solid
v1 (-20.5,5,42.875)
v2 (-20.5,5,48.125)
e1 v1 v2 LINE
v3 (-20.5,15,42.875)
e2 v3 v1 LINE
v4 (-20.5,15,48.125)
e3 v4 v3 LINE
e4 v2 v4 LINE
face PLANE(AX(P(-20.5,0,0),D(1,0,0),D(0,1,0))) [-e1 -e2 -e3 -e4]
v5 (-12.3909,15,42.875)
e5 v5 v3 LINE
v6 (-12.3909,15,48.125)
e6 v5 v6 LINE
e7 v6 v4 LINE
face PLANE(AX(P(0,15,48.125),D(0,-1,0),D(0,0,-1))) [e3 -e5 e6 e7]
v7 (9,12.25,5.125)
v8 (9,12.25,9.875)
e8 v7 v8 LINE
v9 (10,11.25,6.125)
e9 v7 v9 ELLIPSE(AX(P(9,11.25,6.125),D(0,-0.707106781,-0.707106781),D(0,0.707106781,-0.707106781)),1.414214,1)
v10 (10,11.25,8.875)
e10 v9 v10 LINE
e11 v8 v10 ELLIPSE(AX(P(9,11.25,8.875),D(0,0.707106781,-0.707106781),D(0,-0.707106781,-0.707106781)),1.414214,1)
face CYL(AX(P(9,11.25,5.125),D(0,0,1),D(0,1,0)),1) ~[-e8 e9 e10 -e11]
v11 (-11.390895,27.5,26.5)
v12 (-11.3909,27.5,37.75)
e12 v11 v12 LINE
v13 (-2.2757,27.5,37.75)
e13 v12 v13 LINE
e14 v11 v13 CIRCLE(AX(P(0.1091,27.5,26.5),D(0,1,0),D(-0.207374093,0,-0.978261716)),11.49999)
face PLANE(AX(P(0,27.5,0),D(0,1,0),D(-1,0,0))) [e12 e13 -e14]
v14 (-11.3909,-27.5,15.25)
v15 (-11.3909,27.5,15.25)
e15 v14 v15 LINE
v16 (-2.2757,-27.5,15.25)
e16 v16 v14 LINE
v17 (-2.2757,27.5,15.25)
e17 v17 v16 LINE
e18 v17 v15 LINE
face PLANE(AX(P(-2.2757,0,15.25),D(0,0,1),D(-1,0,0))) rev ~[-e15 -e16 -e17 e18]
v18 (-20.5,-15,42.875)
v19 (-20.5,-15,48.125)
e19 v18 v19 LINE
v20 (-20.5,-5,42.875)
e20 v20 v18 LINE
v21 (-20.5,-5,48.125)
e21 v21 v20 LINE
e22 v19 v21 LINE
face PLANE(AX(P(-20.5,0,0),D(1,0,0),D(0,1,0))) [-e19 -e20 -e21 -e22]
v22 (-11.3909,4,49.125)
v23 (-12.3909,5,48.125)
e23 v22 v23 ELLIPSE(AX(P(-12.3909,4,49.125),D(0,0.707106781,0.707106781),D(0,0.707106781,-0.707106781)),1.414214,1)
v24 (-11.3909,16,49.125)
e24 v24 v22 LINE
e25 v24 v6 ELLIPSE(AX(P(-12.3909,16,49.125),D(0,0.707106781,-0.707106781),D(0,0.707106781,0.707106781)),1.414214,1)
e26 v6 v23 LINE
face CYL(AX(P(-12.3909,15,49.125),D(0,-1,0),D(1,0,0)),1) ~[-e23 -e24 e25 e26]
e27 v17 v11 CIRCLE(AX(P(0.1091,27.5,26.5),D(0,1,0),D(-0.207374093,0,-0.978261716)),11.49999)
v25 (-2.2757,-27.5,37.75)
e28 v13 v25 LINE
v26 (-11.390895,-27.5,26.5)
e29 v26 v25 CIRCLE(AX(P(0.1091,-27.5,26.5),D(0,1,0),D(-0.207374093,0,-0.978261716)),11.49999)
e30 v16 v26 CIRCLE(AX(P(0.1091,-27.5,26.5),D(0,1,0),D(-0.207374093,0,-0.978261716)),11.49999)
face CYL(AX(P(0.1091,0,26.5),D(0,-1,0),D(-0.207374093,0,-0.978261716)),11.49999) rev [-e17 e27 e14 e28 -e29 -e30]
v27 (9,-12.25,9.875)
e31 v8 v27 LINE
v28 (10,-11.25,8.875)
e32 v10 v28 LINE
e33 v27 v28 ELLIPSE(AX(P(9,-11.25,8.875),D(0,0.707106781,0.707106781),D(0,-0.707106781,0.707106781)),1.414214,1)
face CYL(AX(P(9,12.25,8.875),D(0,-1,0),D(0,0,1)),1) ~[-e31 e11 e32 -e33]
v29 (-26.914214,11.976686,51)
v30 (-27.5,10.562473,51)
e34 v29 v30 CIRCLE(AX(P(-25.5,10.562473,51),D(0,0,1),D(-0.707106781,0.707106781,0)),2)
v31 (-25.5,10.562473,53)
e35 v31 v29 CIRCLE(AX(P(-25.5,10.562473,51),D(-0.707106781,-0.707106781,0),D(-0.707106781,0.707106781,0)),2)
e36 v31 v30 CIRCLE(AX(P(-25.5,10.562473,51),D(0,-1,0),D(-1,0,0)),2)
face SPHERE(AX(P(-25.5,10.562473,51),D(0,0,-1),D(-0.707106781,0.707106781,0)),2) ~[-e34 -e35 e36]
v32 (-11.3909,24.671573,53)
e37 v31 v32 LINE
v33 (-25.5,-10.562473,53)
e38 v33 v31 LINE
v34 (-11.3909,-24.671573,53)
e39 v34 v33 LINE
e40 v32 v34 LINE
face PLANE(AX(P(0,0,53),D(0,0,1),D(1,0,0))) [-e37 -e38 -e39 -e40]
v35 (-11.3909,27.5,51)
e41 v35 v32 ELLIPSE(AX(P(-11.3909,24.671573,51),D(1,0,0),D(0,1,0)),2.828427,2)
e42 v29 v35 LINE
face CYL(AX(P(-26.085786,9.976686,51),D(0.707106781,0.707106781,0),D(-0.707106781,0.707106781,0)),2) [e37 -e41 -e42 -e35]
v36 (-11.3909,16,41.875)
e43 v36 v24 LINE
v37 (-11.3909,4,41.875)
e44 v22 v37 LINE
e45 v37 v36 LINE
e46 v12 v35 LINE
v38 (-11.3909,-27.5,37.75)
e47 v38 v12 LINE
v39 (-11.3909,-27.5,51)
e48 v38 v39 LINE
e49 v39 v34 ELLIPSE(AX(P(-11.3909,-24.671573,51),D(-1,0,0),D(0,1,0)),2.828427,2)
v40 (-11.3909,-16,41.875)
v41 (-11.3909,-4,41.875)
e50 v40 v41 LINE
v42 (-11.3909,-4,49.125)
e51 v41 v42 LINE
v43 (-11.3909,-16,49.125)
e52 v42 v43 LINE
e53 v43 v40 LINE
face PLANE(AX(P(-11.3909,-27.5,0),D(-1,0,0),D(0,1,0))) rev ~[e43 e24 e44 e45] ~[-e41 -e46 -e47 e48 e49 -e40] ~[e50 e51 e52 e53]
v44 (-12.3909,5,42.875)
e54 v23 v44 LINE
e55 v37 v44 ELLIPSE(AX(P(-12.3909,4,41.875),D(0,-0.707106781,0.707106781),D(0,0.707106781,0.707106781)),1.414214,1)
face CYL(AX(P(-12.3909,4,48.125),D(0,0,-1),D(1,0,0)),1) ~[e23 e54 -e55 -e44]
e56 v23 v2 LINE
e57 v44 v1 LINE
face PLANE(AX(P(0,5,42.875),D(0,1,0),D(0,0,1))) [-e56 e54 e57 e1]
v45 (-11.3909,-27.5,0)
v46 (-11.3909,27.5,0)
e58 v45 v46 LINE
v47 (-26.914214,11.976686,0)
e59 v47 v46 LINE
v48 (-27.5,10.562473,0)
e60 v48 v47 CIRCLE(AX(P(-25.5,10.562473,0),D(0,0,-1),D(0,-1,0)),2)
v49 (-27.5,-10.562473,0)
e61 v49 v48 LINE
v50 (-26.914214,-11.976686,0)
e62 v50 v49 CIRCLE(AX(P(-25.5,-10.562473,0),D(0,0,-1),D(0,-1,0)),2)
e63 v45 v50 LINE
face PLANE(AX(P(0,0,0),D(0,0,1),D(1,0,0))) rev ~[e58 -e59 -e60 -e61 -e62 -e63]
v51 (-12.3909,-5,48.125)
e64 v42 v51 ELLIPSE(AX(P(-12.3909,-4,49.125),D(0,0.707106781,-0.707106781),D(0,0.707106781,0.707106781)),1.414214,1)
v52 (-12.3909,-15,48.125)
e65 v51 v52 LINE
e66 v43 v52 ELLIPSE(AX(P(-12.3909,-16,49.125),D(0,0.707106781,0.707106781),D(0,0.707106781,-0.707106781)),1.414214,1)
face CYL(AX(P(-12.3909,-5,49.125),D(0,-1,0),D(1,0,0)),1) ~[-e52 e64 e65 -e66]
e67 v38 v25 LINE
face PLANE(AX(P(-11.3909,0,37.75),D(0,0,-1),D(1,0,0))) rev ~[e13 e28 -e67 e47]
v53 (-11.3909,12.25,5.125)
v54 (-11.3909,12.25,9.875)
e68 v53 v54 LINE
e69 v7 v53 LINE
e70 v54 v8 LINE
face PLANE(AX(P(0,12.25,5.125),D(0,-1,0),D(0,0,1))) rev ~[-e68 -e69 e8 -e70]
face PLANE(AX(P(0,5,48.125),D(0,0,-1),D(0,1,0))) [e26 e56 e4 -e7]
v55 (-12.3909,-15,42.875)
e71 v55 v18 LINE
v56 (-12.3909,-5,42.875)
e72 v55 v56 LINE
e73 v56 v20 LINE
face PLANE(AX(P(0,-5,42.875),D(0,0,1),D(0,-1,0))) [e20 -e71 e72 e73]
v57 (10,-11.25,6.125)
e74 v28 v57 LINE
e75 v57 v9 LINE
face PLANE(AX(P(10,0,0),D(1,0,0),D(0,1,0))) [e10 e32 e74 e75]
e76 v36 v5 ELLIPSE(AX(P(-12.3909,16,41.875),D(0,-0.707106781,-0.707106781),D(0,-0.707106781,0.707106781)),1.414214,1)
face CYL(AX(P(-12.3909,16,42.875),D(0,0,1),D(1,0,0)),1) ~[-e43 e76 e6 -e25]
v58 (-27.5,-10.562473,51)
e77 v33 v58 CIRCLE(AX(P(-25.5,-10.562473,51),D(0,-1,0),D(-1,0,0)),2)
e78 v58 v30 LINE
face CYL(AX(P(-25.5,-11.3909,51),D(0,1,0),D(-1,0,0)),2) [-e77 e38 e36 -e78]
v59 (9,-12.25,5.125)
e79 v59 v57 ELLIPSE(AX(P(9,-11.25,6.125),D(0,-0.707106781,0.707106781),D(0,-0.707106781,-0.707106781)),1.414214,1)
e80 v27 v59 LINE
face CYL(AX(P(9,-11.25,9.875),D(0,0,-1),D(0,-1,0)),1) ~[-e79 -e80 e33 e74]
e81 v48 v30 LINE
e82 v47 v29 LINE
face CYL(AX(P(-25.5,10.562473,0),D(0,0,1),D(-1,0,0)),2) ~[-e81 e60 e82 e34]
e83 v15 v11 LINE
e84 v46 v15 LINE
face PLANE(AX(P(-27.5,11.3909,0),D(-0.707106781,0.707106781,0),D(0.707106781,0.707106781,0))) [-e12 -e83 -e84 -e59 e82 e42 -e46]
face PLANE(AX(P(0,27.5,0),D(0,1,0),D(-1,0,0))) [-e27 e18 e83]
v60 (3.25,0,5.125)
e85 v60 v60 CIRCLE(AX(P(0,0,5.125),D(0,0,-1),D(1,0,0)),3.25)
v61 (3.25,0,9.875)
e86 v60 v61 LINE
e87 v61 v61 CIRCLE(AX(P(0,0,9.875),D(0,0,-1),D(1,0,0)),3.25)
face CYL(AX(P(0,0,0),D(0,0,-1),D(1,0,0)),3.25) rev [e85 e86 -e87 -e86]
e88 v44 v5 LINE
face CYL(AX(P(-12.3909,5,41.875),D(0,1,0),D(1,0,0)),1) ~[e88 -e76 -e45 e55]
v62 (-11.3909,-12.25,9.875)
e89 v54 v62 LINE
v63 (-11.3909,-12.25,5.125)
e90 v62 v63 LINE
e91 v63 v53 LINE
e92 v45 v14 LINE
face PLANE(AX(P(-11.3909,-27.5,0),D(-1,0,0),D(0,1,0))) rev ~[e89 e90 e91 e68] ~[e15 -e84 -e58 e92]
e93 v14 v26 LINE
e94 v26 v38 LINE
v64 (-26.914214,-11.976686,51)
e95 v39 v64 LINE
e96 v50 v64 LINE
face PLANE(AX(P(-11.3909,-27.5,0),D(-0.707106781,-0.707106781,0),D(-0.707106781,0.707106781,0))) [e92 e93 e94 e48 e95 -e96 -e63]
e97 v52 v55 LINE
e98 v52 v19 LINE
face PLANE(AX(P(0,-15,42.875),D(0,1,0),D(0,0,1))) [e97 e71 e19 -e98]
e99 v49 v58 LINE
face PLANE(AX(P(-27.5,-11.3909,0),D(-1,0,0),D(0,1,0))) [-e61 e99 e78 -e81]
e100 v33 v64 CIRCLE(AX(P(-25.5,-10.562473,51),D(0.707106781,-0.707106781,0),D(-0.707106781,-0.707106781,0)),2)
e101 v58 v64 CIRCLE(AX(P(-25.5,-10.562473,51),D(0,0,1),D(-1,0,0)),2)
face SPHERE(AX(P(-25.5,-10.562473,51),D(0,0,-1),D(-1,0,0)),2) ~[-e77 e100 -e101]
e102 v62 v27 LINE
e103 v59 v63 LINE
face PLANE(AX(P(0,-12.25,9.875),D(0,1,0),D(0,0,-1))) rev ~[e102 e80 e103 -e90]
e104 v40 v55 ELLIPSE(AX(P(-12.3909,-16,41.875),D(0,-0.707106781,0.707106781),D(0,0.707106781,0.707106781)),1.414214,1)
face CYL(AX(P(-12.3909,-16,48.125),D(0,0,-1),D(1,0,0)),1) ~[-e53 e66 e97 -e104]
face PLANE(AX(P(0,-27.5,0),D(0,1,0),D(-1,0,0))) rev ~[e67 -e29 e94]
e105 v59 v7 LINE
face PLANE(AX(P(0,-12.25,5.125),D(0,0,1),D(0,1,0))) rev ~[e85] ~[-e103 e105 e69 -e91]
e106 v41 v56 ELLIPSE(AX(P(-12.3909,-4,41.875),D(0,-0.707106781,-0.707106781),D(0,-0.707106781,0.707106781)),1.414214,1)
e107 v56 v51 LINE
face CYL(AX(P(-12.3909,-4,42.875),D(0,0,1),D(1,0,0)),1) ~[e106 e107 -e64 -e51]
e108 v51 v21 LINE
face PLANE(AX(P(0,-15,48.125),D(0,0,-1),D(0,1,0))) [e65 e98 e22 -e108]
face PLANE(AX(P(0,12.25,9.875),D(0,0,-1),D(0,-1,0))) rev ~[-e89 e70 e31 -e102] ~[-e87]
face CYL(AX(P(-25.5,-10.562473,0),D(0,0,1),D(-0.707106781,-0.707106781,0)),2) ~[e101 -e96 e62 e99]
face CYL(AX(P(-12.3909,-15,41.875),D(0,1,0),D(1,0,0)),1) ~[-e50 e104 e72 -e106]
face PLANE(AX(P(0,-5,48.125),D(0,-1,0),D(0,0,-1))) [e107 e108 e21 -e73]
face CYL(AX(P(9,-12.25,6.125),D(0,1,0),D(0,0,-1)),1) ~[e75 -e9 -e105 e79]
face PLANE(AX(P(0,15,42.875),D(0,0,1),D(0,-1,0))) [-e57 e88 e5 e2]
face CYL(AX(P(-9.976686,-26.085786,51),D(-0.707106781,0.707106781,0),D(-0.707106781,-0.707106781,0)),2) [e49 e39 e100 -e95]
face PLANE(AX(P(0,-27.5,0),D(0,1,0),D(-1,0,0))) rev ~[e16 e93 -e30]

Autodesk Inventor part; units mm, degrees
sketch "Skizze1" plane through (0, 0, 0) normal (0, 0, 1) x (1, 0, 0)
  circle A0 centre (0, 0) radius 21
  line L0 (-16.8526, 12.5296) -> (0, 0)
  line L1 (0, 0) -> (-8.33, 19.2772)
  line L2 (0, 0) -> (8.0192, 19.4086)
  line L3 (0, 0) -> (18.1865, 10.5)
  line L4 (0, 0) -> (21, 0) construction
  line L5 (0, 0) -> (-13.5496, -16.044)
  line L6 (0, 0) -> (13.0769, -16.4315)
  circle A1 centre (0, 0) radius 27.5
  circle A2 centre (0, 0) radius 12.5
  line L7 (-27.5, 11.3909) -> (-11.3909, 27.5)
  line L8 (-11.3909, 27.5) -> (11.3909, 27.5)
  line L9 (11.3909, 27.5) -> (27.5, 11.3909)
  line L10 (27.5, 11.3909) -> (27.5, -11.3909)
  line L11 (27.5, -11.3909) -> (11.3909, -27.5)
  line L12 (11.3909, -27.5) -> (-11.3909, -27.5)
  line L13 (-11.3909, -27.5) -> (-27.5, -11.3909)
  line L14 (-27.5, -11.3909) -> (-27.5, 11.3909)
  circle A3 centre (0, 0) radius 3.25
  point P0 (0, 0)
  point P1 (-27.5, 0)
  dimension "d3" = 55
  dimension "d0" = 42
  dimension "d1" = 30
  dimension "d2" = 30
  dimension "d4" = 25
  dimension "d27" = 0
  dimension "d28" = 0
  dimension "d105" = 6.5
extrude "Extrusion21" add sketch "Skizze1" along normal blind 53 contours A0 L6 A2 L3 | L3 A2 L2 A0 | A0 L5 A2 L6 | L2 A2 L1 A0 | A2 L6 A3 L3 | L3 A3 L2 A2 | A0 L0 A2 L5 | A2 L5 A3 L6 | L1 A2 L0 A0 | L2 A3 L1 A2 | A3 L6 L3 | L3 L2 A3 | A2 L0 A3 L5 | A3 L5 L6 | L1 A3 L0 A2 | L2 L1 A3 | L5 A3 L0 | L0 A3 L1 | A1 | L10 L11 A1 | A1 L9 L10 | A1 L8 L9 | L11 L12 A1 | A1 L7 L8 | L12 L13 A1 | A1 L14 L7 | L13 L14 A1
sketch "Skizze18" plane through (0, 0, 0) normal (0, 0, 1) x (1, 0, 0)
  line L0 (-11.3909, 27.5) -> (11.3909, 27.5) projected
  line L1 (-11.3909, 27.5) -> (63.1653, 27.5)
  line L2 (63.1653, 27.5) -> (63.1653, -27.5)
  line L3 (63.1653, -27.5) -> (-11.3909, -27.5)
  line L4 (-11.3909, -27.5) -> (-11.3909, 27.5)
  point P0 (0, 0)
  dimension "d154" = 55
extrude "Extrusion22" cut sketch "Skizze18" along normal through all
sketch "Skizze19" plane through (0, 0, 0) normal (1, 0, 0) x (0, 1, 0)
  line L0 (12.25, 9.875) -> (-12.25, 9.875)
  line L1 (-12.25, 9.875) -> (-12.25, 5.125)
  line L2 (-12.25, 5.125) -> (12.25, 5.125)
  line L3 (12.25, 5.125) -> (12.25, 9.875)
  line L4 (27.5, 0) -> (-27.5, 0) projected
  line L5 (-27.5, 0) -> (-27.5, 53) projected
  point P0 (0, 0)
  dimension "d157" = 24.5
  dimension "d158" = 4.75
  dimension "d159" = 5.125
  dimension "d160" = 39.75
sketch "Skizze20" plane through (0, 0, 0) normal (1, 0, 0) x (0, 1, 0)
  line L0 (-15, 48.125) -> (15, 48.125)
  line L1 (15, 48.125) -> (15, 42.875)
  line L2 (15, 42.875) -> (-15, 42.875)
  line L3 (-15, 42.875) -> (-15, 48.125)
  line L4 (5, 48.125) -> (-5, 48.125)
  line L5 (-5, 48.125) -> (-5, 42.875)
  line L6 (-5, 42.875) -> (5, 42.875)
  line L7 (5, 42.875) -> (5, 48.125)
  line L8 (-27.5, 53) -> (27.5, 53) projected
  point P0 (0, 0)
  dimension "d165" = 30
  dimension "d166" = 5.25
  dimension "d168" = 10
  dimension "d169" = 5.25
  dimension "d170" = 10
  dimension "d171" = 5
  dimension "d172" = 4.875
extrude "Extrusion23" cut sketch "Skizze20" against normal blind 20.5 contours L0 L5 L2 L3 | L0 L1 L2 L7
extrude "Extrusion25" add sketch "Skizze19" along normal blind 10 and the other way blind 25
fillet "Rundung11" radius 2 5 edges at (-19.4454, 19.4454, 53) (-27.5, 0, 53) (-19.4454, -19.4454, 53) (-27.5, -11.3909, 26.5) (-27.5, 11.3909, 26.5)
fillet "Rundung12" radius 1 12 edges at (-11.3909, 15, 45.5) (-11.3909, 10, 42.875) (-11.3909, 5, 45.5) (-11.3909, 10, 48.125) (-11.3909, -5, 45.5) (-11.3909, -10, 42.875) (-11.3909, -15, 45.5) (-11.3909, -10, 48.125) (10, 0, 9.875) (10, -12.25, 7.5) (10, 0, 5.125) (10, 12.25, 7.5)
sketch "Skizze22" plane through (0, 0, 0) normal (0, 1, 0) x (-1, 0, 0)
  line L0 (26.9142, 0) -> (11.3909, 0) projected
  line L1 (11.3909, 0) -> (11.3909, 51) projected
  line L2 (11.3909, 53) -> (25.5, 53) projected
  line L3 (-11.1091, 37.75) -> (-11.1091, 15.25)
  line L4 (11.3909, 15.25) -> (11.3909, 37.75)
  line L5 (11.3909, 37.75) -> (2.2757, 37.75)
  line L6 (-2.494, 37.75) -> (-11.1091, 37.75)
  arc A0 (-2.494, 37.75) -> (-2.494, 15.25) centre (-0.1091, 26.5) ccw
  arc A1 (2.2757, 15.25) -> (2.2757, 37.75) centre (-0.1091, 26.5) ccw
  line L7 (-11.1091, 15.25) -> (-2.494, 15.25)
  line L8 (2.2757, 15.25) -> (11.3909, 15.25)
  line L9 (11.3909, 0) -> (11.3909, 51) projected
  point P0 (0, 0)
  point P1 (11.3909, 26.5)
  dimension "d195" = 26.5
  dimension "d196" = 11.5
  dimension "d197" = 22.5
  dimension "d198" = 22.5
  dimension "d199" = 15.25
  dimension "d200" = 0
extrude "Extrusion26" cut sketch "Skizze1" along normal blind 20 contours A3 L6 L3 | L3 L2 A3 | A3 L5 L6 | L2 L1 A3 | L5 A3 L0 | L0 A3 L1
extrude "Extrusion28" add sketch "Skizze22" along normal mid plane 55 contours L8 A1 L1 | A1 L5 L1
sketch "Skizze12" plane through (0, 0, 14.5) normal (0, 0, 1) x (1, 0, 0)
  circle A0 centre (0, 0) radius 21
  line L0 (-16.8526, 12.5296) -> (-10.0313, 7.4581)
  line L1 (-4.9583, 11.4745) -> (-8.33, 19.2772)
  line L2 (4.7734, 11.5527) -> (8.0192, 19.4086)
  line L3 (10.8253, 6.25) -> (18.1865, 10.5)
  line L4 (0, 0) -> (21, 0) construction
  line L5 (-8.0652, -9.55) -> (-13.5496, -16.044)
  line L6 (7.7839, -9.7807) -> (13.0769, -16.4315)
  circle A1 centre (0, 0) radius 27.5
  circle A2 centre (0, 0) radius 12.5
  line L7 (-27.5, 11.3909) -> (-11.3909, 27.5)
  line L8 (-11.3909, 27.5) -> (11.3909, 27.5)
  line L9 (11.3909, 27.5) -> (27.5, 11.3909)
  line L10 (27.5, 11.3909) -> (27.5, -11.3909)
  line L11 (27.5, -11.3909) -> (11.3909, -27.5)
  line L12 (11.3909, -27.5) -> (-11.3909, -27.5)
  line L13 (-11.3909, -27.5) -> (-27.5, -11.3909)
  line L14 (-27.5, -11.3909) -> (-27.5, 11.3909)
  point P0 (0, 0)
  point P1 (-27.5, 0)
  dimension "d91" = 55
  dimension "d88" = 42
  dimension "d89" = 30
  dimension "d90" = 30
  dimension "d92" = 25
  dimension "d93" = 0
  dimension "d94" = 0
sketch "Skizze13" plane through (0, -27.5, 0) normal (0, 1, 0) x (-1, 0, 0)
  circle A0 centre (0, 41) radius 11.5
  line L0 (-38.5, 14.5) -> (38.5, 14.5) projected
  line L1 (27.5, 0) -> (27.5, 67.5) projected
  point P0 (0, 0)
  point P1 (27.5, 14.5)
  dimension "d100" = 23
  dimension "d101" = 26.5
  dimension "d102" = 27.5
sketch "Skizze14" plane through (0, 0, 0) normal (0, 1, 0) x (-1, 0, 0)
  line L0 (11.3909, 42.5805) -> (11.3909, 39.4195) projected
  line L1 (27.5, 67.5) -> (11.3909, 67.5)
  line L2 (11.3909, 67.5) -> (11.3909, 14.5)
  line L3 (11.3909, 14.5) -> (27.5, 14.5)
  line L4 (27.5, 14.5) -> (27.5, 67.5)
  arc A0 (11.3909, 42.5805) -> (-11.3909, 42.5805) centre (0, 41) ccw projected
  line L5 (0, 52.5) -> (11.3909, 52.5)
  line L6 (11.3909, 52.5) -> (11.3909, 29.5)
  line L7 (11.3909, 29.5) -> (0, 29.5)
  line L8 (0, 29.5) -> (0, 52.5)
  point P0 (0, 0)
  dimension "d108" = 23
  dimension "d111" = 25
  dimension "d112" = 5.25
  dimension "d113" = 5.375
  dimension "d114" = 40
  dimension "d115" = 30
  dimension "d116" = 4.75
  dimension "d117" = 4.875
  dimension "d124" = 10
  dimension "d125" = 4.75
  dimension "d126" = 10
sketch "Skizze16" plane through (-11.391, 0, 0) normal (1, 0, 0) x (0, 1, 0)
  line L0 (-12.5, 25.125) -> (12.5, 25.125)
  line L1 (12.5, 25.125) -> (12.5, 19.875)
  line L2 (12.5, 19.875) -> (-12.5, 19.875)
  line L3 (-12.5, 19.875) -> (-12.5, 25.125)
  line L4 (-15, 62.125) -> (15, 62.125)
  line L5 (15, 62.125) -> (15, 57.375)
  line L6 (15, 57.375) -> (-15, 57.375)
  line L7 (-15, 57.375) -> (-15, 62.125)
  line L8 (5, 62.125) -> (-5, 62.125)
  line L9 (-5, 62.125) -> (-5, 57.375)
  line L10 (-5, 57.375) -> (5, 57.375)
  line L11 (5, 57.375) -> (5, 62.125)
  point P0 (0, 0)
  dimension "d130" = 25
  dimension "d131" = 5.25
  dimension "d134" = 30
  dimension "d135" = 4.75
  dimension "d137" = 10
  dimension "d138" = 4.75
  dimension "d139" = 10
  dimension "d144" = 42
  dimension "d145" = 30
  dimension "d146" = 30
  dimension "d148" = 25
  dimension "d149" = 0
  dimension "d150" = 0
  dimension "d151" = 6.5
sketch "Skizze2" plane through (0, 0, 14.5) normal (0, 0, 1) x (1, 0, 0)
  circle A0 centre (0, 0) radius 21
  line L0 (-16.8526, 12.5296) -> (0, 0)
  line L1 (0, 0) -> (-8.33, 19.2772)
  line L2 (0, 0) -> (8.0192, 19.4086)
  line L3 (0, 0) -> (18.1865, 10.5)
  line L4 (0, 0) -> (21, 0) construction
  line L5 (0, 0) -> (-13.5496, -16.044)
  line L6 (0, 0) -> (13.0769, -16.4315)
  circle A1 centre (0, 0) radius 27.5
  circle A2 centre (0, 0) radius 12.5
  point P0 (0, 0)
  dimension "d11" = 42
  dimension "d12" = 30
  dimension "d13" = 30
  dimension "d14" = 55
  dimension "d15" = 25
  dimension "d29" = 0
  dimension "d30" = 0
sketch "Skizze3" plane through (0, 0, 48) normal (0, 0, 1) x (1, 0, 0)
  circle A0 centre (0, 0) radius 3.25
  dimension "d19" = 6.5
  dimension "d38" = 0
sketch "Skizze6" plane through (0, 0, 14.5) normal (0, 0, 1) x (1, 0, 0)
  circle A0 centre (0, 0) radius 21
  line L0 (-16.8526, 12.5296) -> (0, 0)
  line L1 (0, 0) -> (-8.33, 19.2772)
  line L2 (0, 0) -> (8.0192, 19.4086)
  line L3 (0, 0) -> (18.1865, 10.5)
  line L4 (0, 0) -> (21, 0) construction
  line L5 (0, 0) -> (-13.5496, -16.044)
  line L6 (0, 0) -> (13.0769, -16.4315)
  circle A1 centre (0, 0) radius 27.5
  circle A2 centre (0, 0) radius 12.5
  line L7 (5.2672, -3.0014) -> (0.0343, -6.0622)
  line L8 (0.0343, -6.0622) -> (-5.2328, -3.0608)
  line L9 (-5.2328, -3.0608) -> (-5.2672, 3.0014)
  line L10 (-5.2672, 3.0014) -> (-0.0343, 6.0622)
  line L11 (-0.0343, 6.0622) -> (5.2328, 3.0608)
  line L12 (5.2328, 3.0608) -> (5.2672, -3.0014)
  point P0 (0, 0)
  dimension "d31" = 42
  dimension "d32" = 30
  dimension "d33" = 30
  dimension "d34" = 55
  dimension "d35" = 25
  dimension "d36" = 0
  dimension "d37" = 0
  dimension "d39" = 10.5
sketch "Skizze7" plane through (0, 0, 48) normal (0, 0, 1) x (1, 0, 0)
  circle A0 centre (0, 0) radius 27.5 projected
  line L0 (27.5, -11.3909) -> (11.3909, -27.5)
  line L1 (11.3909, -27.5) -> (-11.3909, -27.5)
  line L2 (-11.3909, -27.5) -> (-27.5, -11.3909)
  line L3 (-27.5, -11.3909) -> (-27.5, 11.3909)
  line L4 (-27.5, 11.3909) -> (-11.3909, 27.5)
  line L5 (-11.3909, 27.5) -> (11.3909, 27.5)
  line L6 (11.3909, 27.5) -> (27.5, 11.3909)
  line L7 (27.5, 11.3909) -> (27.5, -11.3909)
  point P0 (0, 0)
  point P1 (0, 0)
  point P2 (27.5, 0)
  dimension "d45" = 23
  dimension "d46" = 16.5
  dimension "d47" = 43.125
sketch "Skizze9" plane through (27.5, -11.3909, 48) normal (1, 0, 0) x (0, 0, -1)
  circle A0 centre (16.5, 27.0159) radius 9.5
  line L0 (0, 22.7817) -> (0, 0) projected
  line L1 (0, -16.1091) -> (48, -16.1091) projected
  point P0 (-48, 11.3909)
  dimension "d49" = 19
  dimension "d52" = 16.5
  dimension "d53" = 43.125
sketch "Skizze10" plane through (27.5, -11.3909, 48) normal (1, 0, 0) x (0, 0, -1)
  line L0 (25, 43.6027) -> (8, 43.6027)
  line L1 (8, 43.6027) -> (8, 26.6027)
  line L2 (8, 26.6027) -> (25, 26.6027)
  line L3 (25, 26.6027) -> (25, 43.6027)
  ellipse E0 centre (16.5, 26.6027) end of major axis (16.5, 37.9638) minor radius 11.3535 (27.1922, 22.7817) -> (5.8078, 22.7817) ccw projected
  point P0 (48, 11.3909)
  dimension "d58" = 17
  dimension "d59" = 17
  dimension "d60" = 17
  dimension "d61" = 8.5
equation "\"d169\" = d166"
equation "\"d171\" = 0.5 * d168"
equation "\"d196\" = 0.5 * d194"
equation "\"d125\" = d116"
equation "\"d138\" = d135"
equation "\"d52\" = d46"
equation "\"d53\" = d47"
equation "\"d194\" = 23"
properties part number "Stangenbereich_2"
